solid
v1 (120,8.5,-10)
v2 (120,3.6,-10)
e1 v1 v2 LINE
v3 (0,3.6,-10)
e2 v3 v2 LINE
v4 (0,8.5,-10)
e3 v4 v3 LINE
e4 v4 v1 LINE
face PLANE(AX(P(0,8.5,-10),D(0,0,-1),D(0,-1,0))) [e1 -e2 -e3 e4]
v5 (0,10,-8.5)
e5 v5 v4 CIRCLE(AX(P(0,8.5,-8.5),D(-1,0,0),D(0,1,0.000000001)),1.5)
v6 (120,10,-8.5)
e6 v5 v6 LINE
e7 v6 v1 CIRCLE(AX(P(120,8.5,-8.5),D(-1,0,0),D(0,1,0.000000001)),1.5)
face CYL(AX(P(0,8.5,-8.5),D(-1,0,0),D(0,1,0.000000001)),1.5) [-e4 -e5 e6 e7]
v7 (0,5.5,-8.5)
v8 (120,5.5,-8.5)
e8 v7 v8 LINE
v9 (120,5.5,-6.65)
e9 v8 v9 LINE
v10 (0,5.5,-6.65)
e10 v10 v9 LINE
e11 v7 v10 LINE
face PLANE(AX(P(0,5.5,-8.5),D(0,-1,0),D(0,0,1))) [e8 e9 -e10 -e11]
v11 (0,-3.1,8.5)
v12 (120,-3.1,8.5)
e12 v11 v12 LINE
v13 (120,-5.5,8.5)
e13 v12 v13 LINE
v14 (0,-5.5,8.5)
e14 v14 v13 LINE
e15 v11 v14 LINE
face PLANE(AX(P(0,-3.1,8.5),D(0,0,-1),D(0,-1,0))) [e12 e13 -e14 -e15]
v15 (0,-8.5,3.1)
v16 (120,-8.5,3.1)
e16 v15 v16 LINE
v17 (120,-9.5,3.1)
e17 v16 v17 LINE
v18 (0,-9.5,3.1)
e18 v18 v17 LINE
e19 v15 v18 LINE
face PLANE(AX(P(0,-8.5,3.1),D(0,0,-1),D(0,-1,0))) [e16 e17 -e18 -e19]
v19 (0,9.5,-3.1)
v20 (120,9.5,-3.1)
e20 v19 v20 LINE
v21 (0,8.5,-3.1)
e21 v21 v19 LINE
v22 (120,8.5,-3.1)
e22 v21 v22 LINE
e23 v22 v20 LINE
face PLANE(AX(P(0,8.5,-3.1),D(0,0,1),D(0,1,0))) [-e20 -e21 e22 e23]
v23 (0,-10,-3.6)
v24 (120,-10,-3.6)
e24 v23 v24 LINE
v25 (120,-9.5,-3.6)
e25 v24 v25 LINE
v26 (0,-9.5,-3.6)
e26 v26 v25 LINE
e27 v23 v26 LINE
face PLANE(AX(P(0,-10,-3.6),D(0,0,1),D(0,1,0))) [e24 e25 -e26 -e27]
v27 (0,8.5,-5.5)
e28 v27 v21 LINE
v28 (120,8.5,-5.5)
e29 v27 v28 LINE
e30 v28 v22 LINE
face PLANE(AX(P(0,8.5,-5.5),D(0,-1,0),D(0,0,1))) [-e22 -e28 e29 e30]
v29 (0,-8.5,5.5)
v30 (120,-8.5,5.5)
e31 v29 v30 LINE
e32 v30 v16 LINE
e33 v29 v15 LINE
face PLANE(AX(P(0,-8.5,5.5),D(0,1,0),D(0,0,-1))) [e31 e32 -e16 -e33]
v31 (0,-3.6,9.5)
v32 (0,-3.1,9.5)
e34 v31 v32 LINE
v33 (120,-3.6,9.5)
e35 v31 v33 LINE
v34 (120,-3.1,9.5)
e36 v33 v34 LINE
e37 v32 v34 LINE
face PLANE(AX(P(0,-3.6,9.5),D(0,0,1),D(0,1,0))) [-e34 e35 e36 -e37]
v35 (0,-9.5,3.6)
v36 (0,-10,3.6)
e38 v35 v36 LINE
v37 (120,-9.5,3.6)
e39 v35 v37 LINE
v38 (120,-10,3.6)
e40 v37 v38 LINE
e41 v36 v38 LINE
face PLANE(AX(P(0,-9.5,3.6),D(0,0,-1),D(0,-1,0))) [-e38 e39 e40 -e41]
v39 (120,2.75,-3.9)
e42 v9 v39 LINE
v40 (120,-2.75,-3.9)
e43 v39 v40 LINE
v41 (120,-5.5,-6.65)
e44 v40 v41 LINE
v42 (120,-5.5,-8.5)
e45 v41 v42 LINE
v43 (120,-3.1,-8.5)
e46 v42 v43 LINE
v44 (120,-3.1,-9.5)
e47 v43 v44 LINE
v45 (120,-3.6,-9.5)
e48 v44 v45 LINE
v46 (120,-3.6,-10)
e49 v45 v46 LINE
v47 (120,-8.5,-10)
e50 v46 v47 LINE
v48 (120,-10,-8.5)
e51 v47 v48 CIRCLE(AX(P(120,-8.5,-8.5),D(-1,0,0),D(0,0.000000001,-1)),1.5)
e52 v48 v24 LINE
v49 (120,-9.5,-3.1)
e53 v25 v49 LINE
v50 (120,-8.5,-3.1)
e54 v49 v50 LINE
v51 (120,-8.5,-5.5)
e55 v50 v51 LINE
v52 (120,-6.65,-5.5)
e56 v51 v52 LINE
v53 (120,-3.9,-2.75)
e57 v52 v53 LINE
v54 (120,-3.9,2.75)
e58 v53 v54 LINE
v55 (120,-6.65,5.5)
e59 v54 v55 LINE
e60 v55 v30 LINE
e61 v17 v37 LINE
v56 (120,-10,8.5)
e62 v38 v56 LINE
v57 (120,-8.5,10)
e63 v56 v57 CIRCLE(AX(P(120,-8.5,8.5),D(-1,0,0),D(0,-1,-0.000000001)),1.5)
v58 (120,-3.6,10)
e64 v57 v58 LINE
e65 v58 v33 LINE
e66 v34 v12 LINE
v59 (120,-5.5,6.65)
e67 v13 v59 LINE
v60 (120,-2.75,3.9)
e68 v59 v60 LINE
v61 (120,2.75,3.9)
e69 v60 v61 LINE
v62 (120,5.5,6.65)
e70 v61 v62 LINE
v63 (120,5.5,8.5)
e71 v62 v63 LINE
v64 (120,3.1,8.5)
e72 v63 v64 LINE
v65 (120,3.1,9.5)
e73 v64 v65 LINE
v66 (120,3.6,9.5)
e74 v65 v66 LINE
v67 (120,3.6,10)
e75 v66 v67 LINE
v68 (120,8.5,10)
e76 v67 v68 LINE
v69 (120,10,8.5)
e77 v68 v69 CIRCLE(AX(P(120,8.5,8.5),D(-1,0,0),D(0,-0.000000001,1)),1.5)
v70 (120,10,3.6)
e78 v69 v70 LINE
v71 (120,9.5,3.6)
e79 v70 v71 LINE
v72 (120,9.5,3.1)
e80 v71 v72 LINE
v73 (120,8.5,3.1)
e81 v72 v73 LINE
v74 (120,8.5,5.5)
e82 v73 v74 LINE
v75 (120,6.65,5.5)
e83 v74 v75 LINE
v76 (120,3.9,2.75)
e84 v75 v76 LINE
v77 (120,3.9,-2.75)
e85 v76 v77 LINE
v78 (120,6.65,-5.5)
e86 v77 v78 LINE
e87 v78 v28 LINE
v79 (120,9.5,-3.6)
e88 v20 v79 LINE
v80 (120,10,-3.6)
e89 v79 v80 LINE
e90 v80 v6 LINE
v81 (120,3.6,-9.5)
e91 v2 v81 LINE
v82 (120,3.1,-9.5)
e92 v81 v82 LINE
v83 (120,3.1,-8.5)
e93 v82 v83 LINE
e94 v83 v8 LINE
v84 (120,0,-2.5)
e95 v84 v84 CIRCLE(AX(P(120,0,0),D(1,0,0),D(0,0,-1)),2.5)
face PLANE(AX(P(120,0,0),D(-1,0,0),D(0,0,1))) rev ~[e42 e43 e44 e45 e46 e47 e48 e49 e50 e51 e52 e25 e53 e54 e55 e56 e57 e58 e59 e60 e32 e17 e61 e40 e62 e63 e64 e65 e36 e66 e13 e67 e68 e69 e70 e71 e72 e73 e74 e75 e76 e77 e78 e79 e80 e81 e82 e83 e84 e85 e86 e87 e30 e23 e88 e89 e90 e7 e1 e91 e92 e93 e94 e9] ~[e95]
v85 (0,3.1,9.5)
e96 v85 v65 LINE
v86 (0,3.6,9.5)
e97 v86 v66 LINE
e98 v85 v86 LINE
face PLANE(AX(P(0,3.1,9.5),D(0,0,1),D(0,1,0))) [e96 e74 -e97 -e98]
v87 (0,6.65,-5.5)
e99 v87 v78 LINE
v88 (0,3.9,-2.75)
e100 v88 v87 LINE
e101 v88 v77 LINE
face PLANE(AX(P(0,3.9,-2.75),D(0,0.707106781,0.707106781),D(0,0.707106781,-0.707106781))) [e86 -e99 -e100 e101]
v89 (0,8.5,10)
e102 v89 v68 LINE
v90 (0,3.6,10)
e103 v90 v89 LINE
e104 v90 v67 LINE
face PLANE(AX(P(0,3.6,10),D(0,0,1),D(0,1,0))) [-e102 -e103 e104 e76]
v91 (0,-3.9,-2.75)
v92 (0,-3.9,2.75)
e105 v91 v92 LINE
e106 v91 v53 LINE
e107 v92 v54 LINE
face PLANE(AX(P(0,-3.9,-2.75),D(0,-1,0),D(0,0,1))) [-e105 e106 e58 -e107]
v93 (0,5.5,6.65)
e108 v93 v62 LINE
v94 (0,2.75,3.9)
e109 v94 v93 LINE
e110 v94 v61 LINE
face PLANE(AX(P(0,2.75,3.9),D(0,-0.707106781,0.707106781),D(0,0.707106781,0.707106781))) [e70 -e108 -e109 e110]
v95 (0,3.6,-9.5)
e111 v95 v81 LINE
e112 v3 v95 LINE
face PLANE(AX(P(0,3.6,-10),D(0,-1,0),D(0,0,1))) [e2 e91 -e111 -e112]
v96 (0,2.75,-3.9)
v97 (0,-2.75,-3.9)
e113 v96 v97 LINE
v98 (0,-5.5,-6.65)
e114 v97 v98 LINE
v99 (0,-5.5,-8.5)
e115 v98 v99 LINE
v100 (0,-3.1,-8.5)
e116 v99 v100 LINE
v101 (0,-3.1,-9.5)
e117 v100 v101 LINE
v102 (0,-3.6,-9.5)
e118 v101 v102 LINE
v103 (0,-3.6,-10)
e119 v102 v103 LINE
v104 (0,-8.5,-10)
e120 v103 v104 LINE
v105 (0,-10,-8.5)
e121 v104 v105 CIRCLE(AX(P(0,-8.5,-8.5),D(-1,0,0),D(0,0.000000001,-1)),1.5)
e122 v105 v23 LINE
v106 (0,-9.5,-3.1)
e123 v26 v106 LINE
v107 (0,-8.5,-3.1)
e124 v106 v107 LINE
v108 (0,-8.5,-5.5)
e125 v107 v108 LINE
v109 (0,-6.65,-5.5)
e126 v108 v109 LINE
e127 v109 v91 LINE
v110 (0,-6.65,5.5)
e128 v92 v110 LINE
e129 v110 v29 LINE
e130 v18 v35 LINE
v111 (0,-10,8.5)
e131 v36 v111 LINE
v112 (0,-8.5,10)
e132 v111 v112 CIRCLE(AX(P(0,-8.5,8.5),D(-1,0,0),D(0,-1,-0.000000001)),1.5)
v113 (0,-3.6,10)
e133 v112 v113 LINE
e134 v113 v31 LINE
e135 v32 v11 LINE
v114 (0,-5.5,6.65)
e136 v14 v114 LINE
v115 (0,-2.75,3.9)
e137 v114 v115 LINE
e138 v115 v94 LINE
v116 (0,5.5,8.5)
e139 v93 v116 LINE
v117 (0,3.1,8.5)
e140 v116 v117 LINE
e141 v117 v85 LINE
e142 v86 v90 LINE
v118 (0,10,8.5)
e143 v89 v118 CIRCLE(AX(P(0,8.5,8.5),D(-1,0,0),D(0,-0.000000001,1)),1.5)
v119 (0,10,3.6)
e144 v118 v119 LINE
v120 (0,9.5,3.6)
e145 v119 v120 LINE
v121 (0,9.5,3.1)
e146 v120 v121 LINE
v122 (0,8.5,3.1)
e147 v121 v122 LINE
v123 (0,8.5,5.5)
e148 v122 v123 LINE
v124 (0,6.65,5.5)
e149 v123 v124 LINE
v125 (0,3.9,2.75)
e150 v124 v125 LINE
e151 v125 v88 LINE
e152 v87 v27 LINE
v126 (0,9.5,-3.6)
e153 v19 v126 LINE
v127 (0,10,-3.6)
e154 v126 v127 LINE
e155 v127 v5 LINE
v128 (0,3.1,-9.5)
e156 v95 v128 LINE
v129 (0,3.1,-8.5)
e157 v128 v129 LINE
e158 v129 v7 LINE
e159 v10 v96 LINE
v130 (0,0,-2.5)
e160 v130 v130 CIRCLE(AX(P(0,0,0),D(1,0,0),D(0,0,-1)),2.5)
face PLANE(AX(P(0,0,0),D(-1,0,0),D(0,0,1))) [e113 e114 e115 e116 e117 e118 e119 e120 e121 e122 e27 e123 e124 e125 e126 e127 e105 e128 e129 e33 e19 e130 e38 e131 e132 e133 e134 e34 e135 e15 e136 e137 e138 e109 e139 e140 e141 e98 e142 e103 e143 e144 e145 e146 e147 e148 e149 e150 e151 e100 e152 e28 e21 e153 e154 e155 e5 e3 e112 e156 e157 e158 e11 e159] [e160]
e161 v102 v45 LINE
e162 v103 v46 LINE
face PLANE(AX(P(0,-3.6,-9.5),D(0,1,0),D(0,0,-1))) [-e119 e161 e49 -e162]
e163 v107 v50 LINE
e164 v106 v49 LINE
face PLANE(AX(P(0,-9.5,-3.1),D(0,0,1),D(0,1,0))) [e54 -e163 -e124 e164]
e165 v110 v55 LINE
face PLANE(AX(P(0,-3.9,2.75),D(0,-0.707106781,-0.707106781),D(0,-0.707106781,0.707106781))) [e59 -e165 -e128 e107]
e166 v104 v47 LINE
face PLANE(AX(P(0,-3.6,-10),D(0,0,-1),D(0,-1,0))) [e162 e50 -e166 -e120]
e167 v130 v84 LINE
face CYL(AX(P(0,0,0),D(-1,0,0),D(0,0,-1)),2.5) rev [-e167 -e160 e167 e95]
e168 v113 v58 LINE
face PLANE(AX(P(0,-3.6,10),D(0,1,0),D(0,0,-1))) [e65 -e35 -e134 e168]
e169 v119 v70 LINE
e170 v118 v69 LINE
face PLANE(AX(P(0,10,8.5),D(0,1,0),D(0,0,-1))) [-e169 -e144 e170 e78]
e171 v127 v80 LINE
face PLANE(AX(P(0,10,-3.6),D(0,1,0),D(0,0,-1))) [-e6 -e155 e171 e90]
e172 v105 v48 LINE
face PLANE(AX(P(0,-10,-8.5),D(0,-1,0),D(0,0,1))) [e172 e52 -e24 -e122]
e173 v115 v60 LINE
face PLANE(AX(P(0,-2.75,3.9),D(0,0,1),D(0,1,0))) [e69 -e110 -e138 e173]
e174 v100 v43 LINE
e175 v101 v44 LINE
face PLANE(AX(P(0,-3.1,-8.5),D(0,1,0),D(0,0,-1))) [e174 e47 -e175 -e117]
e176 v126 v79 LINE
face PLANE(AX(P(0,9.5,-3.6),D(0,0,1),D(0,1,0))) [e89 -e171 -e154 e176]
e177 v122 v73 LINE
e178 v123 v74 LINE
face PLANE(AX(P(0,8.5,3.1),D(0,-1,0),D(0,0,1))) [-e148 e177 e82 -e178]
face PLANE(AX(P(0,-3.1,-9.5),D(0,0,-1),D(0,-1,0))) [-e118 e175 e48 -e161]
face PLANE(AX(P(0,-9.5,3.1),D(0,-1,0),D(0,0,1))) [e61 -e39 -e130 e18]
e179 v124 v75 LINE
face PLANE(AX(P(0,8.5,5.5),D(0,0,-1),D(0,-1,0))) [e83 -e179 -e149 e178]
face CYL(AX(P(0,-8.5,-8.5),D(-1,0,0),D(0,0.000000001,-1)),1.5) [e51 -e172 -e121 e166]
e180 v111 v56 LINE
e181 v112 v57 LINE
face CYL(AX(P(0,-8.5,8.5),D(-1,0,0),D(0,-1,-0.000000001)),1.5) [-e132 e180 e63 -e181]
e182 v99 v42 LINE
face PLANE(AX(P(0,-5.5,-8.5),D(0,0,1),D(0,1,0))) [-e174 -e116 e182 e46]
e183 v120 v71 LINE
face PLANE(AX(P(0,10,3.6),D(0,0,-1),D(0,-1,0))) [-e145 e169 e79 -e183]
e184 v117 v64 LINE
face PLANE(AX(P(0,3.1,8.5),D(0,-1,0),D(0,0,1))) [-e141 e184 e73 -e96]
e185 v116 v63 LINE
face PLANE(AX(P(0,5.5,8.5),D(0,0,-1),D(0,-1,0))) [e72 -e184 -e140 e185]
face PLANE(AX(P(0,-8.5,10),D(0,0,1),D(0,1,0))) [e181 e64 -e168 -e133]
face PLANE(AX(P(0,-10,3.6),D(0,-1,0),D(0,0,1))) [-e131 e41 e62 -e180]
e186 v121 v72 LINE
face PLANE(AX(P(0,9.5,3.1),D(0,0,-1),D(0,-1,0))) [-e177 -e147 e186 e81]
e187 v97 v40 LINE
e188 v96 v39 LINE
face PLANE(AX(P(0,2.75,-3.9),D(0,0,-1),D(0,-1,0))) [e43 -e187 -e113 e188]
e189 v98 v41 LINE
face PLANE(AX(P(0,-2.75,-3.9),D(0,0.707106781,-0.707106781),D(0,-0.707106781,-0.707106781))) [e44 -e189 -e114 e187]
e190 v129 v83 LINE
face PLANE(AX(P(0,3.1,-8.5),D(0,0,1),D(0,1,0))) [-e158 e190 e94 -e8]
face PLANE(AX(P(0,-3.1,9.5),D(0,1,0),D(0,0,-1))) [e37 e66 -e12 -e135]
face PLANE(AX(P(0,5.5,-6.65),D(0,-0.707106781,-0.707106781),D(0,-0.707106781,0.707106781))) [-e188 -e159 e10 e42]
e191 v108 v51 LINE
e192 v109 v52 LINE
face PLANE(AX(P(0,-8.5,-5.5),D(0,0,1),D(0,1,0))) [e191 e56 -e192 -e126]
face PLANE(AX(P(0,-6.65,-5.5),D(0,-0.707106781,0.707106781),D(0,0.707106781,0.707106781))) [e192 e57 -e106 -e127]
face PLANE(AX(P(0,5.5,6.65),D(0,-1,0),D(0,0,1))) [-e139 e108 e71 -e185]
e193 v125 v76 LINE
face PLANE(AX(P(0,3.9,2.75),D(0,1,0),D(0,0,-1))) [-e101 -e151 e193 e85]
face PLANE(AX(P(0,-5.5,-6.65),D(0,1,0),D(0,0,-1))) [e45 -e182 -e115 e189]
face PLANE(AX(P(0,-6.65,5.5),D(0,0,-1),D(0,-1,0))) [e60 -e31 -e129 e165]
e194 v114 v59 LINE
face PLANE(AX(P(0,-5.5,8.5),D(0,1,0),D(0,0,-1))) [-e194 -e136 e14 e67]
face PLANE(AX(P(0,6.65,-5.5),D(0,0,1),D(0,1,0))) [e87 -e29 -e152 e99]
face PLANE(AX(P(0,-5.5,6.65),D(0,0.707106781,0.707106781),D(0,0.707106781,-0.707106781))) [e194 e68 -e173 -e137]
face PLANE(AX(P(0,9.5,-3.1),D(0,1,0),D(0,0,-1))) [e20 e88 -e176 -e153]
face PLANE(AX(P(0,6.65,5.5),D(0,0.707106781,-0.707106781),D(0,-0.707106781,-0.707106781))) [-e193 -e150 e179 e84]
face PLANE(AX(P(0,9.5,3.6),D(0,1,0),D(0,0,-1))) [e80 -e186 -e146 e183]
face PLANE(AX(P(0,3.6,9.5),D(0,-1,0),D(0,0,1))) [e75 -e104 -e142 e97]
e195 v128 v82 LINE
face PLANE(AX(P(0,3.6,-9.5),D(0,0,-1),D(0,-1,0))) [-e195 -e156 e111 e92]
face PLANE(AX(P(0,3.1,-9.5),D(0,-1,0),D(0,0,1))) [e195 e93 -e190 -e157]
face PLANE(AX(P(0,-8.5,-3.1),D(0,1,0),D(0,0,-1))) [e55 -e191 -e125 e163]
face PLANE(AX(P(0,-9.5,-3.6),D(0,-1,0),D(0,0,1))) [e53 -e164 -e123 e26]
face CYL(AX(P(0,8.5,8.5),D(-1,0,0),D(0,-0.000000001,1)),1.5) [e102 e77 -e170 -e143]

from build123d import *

# Parameters (mm, degrees)
SKETCH1_R                = 2.5
F_20_X_20_X_R1_5_1_DEPTH = 120


with BuildPart() as part:
    # Sketch1 → 铝型材 20 X 20 X R1.5(1) (new body)
    with BuildSketch(Plane(origin=(0, 0, 0), x_dir=(0, 0, -1), z_dir=(1, 0, 0))):
        with BuildLine():
            Line((-3.6, 10), (-3.6, 9.5))
            Line((-3.6, 9.5), (-3.1, 9.5))
            Line((-3.1, 9.5), (-3.1, 8.5))
            Line((-3.1, 8.5), (-5.5, 8.5))
            Line((-5.5, 8.5), (-5.5, 6.65))
            Line((-5.5, 6.65), (-2.75, 3.9))
            Line((-2.75, 3.9), (2.75, 3.9))
            Line((2.75, 3.9), (5.5, 6.65))
            Line((5.5, 6.65), (5.5, 8.5))
            Line((5.5, 8.5), (3.1, 8.5))
            Line((3.1, 8.5), (3.1, 9.5))
            Line((3.1, 9.5), (3.6, 9.5))
            Line((3.6, 9.5), (3.6, 10))
            Line((3.6, 10), (8.5, 10))
            ThreePointArc((8.5, 10), (9.560660172, 9.560660172), (10, 8.5))
            Line((10, 8.5), (10, 3.6))
            Line((10, 3.6), (9.5, 3.6))
            Line((9.5, 3.6), (9.5, 3.1))
            Line((9.5, 3.1), (8.5, 3.1))
            Line((8.5, 3.1), (8.5, 5.5))
            Line((8.5, 5.5), (6.65, 5.5))
            Line((6.65, 5.5), (3.9, 2.75))
            Line((3.9, 2.75), (3.9, -2.75))
            Line((3.9, -2.75), (6.65, -5.5))
            Line((6.65, -5.5), (8.5, -5.5))
            Line((8.5, -5.5), (8.5, -3.1))
            Line((8.5, -3.1), (9.5, -3.1))
            Line((9.5, -3.1), (9.5, -3.6))
            Line((9.5, -3.6), (10, -3.6))
            Line((10, -3.6), (10, -8.5))
            ThreePointArc((10, -8.5), (9.560660172, -9.560660172), (8.5, -10))
            Line((8.5, -10), (3.6, -10))
            Line((3.6, -10), (3.6, -9.5))
            Line((3.6, -9.5), (3.1, -9.5))
            Line((3.1, -9.5), (3.1, -8.5))
            Line((3.1, -8.5), (5.5, -8.5))
            Line((5.5, -8.5), (5.5, -6.65))
            Line((5.5, -6.65), (2.75, -3.9))
            Line((2.75, -3.9), (-2.75, -3.9))
            Line((-2.75, -3.9), (-5.5, -6.65))
            Line((-5.5, -6.65), (-5.5, -8.5))
            Line((-5.5, -8.5), (-3.1, -8.5))
            Line((-3.1, -8.5), (-3.1, -9.5))
            Line((-3.1, -9.5), (-3.6, -9.5))
            Line((-3.6, -9.5), (-3.6, -10))
            Line((-3.6, -10), (-8.5, -10))
            ThreePointArc((-8.5, -10), (-9.560660172, -9.560660172), (-10, -8.5))
            Line((-10, -8.5), (-10, -3.6))
            Line((-10, -3.6), (-9.5, -3.6))
            Line((-9.5, -3.6), (-9.5, -3.1))
            Line((-9.5, -3.1), (-8.5, -3.1))
            Line((-8.5, -3.1), (-8.5, -5.5))
            Line((-8.5, -5.5), (-6.65, -5.5))
            Line((-6.65, -5.5), (-3.9, -2.75))
            Line((-3.9, -2.75), (-3.9, 2.75))
            Line((-3.9, 2.75), (-6.65, 5.5))
            Line((-6.65, 5.5), (-8.5, 5.5))
            Line((-8.5, 5.5), (-8.5, 3.1))
            Line((-8.5, 3.1), (-9.5, 3.1))
            Line((-9.5, 3.1), (-9.5, 3.6))
            Line((-9.5, 3.6), (-10, 3.6))
            Line((-10, 3.6), (-10, 8.5))
            ThreePointArc((-10, 8.5), (-9.560660172, 9.560660172), (-8.5, 10))
            Line((-8.5, 10), (-3.6, 10))
        make_face()
        Circle(SKETCH1_R, mode=Mode.SUBTRACT)
    extrude(amount=F_20_X_20_X_R1_5_1_DEPTH)


solid = part.part
